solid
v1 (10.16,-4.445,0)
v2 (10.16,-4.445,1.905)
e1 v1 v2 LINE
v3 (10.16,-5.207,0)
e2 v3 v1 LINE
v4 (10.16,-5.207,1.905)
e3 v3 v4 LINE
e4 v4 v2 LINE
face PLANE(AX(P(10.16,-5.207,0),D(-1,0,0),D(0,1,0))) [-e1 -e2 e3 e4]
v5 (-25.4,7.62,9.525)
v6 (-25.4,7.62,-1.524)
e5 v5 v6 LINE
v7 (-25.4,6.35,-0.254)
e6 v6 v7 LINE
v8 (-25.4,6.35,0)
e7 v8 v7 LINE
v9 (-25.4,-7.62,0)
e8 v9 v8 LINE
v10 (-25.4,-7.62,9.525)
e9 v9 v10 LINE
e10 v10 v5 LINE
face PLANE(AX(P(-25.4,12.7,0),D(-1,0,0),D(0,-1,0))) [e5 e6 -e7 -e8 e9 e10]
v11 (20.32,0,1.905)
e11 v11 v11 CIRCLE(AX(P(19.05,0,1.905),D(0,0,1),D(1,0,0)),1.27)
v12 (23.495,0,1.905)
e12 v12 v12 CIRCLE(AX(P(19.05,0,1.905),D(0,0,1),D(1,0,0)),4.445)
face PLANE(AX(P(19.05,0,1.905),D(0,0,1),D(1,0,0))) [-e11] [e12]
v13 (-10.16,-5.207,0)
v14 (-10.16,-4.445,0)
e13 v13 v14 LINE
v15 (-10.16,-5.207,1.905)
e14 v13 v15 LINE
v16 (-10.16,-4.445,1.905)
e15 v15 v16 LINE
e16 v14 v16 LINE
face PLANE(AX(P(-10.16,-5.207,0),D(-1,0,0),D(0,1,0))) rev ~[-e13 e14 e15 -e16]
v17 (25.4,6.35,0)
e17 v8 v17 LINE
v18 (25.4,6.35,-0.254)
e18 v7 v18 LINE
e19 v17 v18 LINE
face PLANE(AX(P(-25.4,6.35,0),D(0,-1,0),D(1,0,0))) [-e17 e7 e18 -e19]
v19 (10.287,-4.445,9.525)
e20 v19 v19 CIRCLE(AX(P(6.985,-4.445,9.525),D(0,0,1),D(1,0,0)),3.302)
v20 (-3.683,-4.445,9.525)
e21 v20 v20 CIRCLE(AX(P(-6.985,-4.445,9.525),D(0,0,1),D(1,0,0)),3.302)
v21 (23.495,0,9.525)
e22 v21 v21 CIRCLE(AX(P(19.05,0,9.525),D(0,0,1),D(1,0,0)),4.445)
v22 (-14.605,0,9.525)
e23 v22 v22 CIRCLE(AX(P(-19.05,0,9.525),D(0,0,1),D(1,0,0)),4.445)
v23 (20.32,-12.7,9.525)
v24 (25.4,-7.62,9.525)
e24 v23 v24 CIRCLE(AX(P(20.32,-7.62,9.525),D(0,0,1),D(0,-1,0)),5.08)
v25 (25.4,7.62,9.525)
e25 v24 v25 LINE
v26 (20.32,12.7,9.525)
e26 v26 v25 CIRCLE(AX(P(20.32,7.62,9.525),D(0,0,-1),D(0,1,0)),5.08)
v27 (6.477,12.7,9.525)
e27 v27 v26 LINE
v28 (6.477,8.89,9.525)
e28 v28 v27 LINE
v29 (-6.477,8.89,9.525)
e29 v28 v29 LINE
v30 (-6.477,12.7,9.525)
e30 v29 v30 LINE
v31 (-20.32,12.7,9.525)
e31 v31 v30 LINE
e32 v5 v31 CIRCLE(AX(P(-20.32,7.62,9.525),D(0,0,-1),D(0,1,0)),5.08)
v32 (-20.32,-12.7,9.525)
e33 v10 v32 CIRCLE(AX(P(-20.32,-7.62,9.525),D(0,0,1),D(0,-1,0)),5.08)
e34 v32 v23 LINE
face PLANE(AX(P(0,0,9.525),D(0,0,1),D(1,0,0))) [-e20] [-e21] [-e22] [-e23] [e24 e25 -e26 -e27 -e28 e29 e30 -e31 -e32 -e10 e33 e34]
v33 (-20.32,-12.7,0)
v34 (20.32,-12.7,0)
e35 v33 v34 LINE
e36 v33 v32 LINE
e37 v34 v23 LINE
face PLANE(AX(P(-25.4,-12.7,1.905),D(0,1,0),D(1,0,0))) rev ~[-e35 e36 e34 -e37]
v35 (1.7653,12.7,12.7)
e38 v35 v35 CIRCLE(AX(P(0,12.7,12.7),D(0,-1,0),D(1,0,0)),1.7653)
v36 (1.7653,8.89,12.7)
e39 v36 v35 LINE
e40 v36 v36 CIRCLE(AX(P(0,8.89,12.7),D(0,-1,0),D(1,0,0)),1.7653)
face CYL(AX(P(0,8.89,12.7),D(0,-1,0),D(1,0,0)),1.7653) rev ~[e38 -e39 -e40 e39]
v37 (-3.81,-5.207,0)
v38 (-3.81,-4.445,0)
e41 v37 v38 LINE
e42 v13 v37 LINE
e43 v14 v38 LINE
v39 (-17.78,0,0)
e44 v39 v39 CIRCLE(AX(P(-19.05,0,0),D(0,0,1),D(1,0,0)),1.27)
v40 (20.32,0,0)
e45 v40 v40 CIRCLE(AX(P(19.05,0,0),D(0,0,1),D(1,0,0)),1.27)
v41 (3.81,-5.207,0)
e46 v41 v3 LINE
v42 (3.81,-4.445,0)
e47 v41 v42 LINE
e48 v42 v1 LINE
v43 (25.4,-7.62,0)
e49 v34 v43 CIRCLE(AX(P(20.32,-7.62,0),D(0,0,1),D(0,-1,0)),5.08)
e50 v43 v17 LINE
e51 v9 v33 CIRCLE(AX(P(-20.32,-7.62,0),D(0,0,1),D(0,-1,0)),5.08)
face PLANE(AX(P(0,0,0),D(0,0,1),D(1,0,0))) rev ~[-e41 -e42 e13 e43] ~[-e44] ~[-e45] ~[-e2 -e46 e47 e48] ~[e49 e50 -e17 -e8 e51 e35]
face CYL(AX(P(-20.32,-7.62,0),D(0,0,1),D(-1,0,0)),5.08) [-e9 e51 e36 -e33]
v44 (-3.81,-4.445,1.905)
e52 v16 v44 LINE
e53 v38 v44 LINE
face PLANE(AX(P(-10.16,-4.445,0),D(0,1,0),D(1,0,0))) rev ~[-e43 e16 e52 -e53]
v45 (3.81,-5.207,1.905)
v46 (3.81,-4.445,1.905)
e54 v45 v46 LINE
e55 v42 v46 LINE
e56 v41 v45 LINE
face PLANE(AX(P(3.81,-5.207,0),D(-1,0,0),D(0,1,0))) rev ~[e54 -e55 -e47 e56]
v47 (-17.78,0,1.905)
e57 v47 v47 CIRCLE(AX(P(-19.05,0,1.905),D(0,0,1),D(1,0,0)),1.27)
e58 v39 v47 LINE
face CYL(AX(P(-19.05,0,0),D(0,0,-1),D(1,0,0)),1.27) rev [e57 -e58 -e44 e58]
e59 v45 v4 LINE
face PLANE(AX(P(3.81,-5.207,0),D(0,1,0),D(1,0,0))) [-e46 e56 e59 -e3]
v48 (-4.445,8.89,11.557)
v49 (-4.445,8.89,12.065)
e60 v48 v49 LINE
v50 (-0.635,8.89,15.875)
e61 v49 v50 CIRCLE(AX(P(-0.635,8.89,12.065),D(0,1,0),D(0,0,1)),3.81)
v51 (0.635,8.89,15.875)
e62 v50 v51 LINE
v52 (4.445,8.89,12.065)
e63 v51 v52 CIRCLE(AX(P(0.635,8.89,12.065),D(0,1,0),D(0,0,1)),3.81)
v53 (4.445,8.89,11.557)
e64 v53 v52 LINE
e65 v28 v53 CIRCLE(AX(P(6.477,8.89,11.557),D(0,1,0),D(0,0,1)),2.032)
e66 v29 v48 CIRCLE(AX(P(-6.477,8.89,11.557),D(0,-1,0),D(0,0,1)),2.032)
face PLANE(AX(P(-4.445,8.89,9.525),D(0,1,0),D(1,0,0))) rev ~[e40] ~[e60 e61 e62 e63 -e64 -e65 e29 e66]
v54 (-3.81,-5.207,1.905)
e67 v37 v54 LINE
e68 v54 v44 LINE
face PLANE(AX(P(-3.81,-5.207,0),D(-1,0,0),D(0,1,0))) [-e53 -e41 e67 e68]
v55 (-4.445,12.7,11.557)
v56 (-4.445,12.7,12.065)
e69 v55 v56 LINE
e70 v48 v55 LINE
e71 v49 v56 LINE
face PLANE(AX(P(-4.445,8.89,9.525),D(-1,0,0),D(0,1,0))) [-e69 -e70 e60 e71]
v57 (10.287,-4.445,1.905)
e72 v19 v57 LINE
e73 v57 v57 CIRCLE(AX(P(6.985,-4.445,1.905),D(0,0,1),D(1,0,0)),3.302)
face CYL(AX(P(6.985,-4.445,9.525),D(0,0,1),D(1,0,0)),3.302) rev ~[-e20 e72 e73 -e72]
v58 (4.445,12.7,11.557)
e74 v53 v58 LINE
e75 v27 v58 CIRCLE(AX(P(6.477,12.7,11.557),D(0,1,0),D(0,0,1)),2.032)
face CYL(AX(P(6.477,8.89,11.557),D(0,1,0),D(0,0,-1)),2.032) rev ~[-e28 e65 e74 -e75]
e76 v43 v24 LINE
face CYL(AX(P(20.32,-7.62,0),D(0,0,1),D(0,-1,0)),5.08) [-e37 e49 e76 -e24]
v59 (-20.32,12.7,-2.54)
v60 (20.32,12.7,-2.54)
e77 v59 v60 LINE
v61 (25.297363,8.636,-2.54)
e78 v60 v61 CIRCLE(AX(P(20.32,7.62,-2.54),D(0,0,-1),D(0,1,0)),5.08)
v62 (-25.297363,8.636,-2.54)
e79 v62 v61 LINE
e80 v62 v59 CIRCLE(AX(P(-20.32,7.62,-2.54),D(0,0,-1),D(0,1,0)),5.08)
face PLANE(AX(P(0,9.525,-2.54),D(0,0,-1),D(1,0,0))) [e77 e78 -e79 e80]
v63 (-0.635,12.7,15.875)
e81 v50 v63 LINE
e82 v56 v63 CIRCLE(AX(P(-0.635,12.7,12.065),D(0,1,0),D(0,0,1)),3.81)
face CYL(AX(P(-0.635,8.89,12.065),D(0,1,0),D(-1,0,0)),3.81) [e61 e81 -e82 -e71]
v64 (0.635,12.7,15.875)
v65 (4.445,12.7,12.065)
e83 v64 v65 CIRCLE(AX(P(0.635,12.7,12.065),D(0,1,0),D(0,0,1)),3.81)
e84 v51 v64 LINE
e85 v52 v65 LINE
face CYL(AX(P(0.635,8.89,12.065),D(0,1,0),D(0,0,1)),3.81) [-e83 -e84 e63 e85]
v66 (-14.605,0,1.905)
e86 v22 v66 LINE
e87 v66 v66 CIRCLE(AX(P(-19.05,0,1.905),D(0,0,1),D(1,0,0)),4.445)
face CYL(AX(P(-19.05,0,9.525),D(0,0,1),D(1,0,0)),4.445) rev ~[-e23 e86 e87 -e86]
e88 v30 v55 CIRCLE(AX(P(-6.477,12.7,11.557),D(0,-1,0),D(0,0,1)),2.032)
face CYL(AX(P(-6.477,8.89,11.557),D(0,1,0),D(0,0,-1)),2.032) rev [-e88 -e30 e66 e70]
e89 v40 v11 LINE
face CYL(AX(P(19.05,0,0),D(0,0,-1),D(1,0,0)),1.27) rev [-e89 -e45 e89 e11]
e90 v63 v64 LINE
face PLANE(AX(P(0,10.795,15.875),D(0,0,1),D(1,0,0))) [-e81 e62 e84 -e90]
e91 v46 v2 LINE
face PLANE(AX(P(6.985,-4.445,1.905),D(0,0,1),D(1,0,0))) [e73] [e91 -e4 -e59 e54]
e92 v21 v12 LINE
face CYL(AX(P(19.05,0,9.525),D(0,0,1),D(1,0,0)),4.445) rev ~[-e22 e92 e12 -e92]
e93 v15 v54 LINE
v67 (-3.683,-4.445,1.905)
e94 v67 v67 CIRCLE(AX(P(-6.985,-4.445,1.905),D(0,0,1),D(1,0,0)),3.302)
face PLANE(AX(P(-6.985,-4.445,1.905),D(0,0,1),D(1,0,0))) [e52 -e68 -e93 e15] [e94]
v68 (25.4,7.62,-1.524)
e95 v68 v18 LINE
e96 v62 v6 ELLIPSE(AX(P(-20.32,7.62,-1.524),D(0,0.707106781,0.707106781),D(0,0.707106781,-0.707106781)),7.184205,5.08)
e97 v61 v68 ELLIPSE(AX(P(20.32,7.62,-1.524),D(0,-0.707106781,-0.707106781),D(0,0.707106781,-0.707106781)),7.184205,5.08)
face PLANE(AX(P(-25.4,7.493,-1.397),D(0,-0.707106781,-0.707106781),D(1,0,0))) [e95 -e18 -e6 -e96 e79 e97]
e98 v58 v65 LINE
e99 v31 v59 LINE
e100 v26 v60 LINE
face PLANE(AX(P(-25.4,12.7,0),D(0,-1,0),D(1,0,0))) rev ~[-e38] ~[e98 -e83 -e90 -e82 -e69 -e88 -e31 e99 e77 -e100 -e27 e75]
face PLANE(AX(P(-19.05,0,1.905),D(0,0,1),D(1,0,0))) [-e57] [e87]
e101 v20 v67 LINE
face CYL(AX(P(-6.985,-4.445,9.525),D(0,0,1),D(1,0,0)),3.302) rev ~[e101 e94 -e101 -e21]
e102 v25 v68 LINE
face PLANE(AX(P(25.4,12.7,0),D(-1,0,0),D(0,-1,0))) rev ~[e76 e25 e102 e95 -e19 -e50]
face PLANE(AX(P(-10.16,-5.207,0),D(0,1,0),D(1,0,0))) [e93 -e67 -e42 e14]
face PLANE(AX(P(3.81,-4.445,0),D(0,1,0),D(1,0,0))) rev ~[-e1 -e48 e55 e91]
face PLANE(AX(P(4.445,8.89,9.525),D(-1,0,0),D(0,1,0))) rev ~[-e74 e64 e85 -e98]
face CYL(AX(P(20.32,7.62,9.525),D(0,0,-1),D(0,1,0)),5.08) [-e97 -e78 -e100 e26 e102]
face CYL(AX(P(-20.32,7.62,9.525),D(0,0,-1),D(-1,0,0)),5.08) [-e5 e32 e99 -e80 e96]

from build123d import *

# Parameters (mm, degrees)
SKETCH_W        = 50.8
SKETCH_H        = 25.4
SKETCH_R        = 1.27
SKETCH_W_2      = 6.35
SKETCH_H_2      = 0.762
PAD_DEPTH       = 1.905
SKETCH001_W     = 50.8
SKETCH001_H     = 25.4
PAD001_DEPTH    = 7.62
SKETCH002_R     = 3.302
SKETCH002_R_2   = 4.445
POCKET_DEPTH    = 7.62
SKETCH003_W     = 50.8
SKETCH003_H     = 6.35
PAD002_DEPTH    = 2.54
SKETCH004_W     = 8.89
SKETCH004_H     = 3.81
PAD003_DEPTH    = 6.35
SKETCH005_R     = 1.7653
POCKET001_DEPTH = 5.08
FILLET_R        = 5.08
FILLET001_R     = 2.032
FILLET002_R     = 3.81
CHAMFER_SIZE    = 2.286


with BuildPart() as part:
    # Sketch → Pad (new body)
    with BuildSketch(Plane.XY):
        Rectangle(SKETCH_W, SKETCH_H)
        with Locations((-19.05, 0)):
            Circle(SKETCH_R, mode=Mode.SUBTRACT)
        with Locations((19.05, 0)):
            Circle(SKETCH_R, mode=Mode.SUBTRACT)
        with Locations((6.985, -4.826)):
            Rectangle(SKETCH_W_2, SKETCH_H_2, mode=Mode.SUBTRACT)
        with Locations((-6.985, -4.826)):
            Rectangle(SKETCH_W_2, SKETCH_H_2, mode=Mode.SUBTRACT)
    extrude(amount=PAD_DEPTH)

    # Sketch001 (on Face16 of Pad) → Pad001 (join)
    with BuildSketch(Plane.XY.offset(1.905)):
        Rectangle(SKETCH001_W, SKETCH001_H)
    extrude(amount=PAD001_DEPTH)

    # Sketch002 (on Face17 of Pad001) → Pocket (cut)
    with BuildSketch(Plane.XY.offset(9.525)):
        with Locations((-6.985, -4.445)):
            Circle(SKETCH002_R)
        with Locations((6.985, -4.445)):
            Circle(SKETCH002_R)
        with Locations((19.05, 0)):
            Circle(SKETCH002_R_2)
        with Locations((-19.05, 0)):
            Circle(SKETCH002_R_2)
    extrude(amount=-POCKET_DEPTH, mode=Mode.SUBTRACT)

    # Sketch003 (on Face1 of Pocket) → Pad002 (join)
    with BuildSketch(Plane(origin=(0, 0, 0), x_dir=(1, 0, 0), z_dir=(0, 0, -1))):
        with Locations((0, -9.525)):
            Rectangle(SKETCH003_W, SKETCH003_H)
    extrude(amount=PAD002_DEPTH)

    # Sketch004 (on Face15 of Pad002) → Pad003 (join)
    with BuildSketch(Plane.XY.offset(9.525)):
        with Locations((0, 10.795)):
            Rectangle(SKETCH004_W, SKETCH004_H)
    extrude(amount=PAD003_DEPTH)

    # Sketch005 (on Face23 of Pad003) → Pocket001 (cut)
    with BuildSketch(Plane.XZ.offset(-8.89)):
        with Locations((0, 12.7)):
            Circle(SKETCH005_R)
    extrude(amount=-POCKET001_DEPTH, mode=Mode.SUBTRACT)

    # Fillet
    fillet_edges = [part.edges().sort_by_distance(p)[0] for p in [
        (25.4, 12.7, 3.4925),
        (-25.4, 12.7, 3.4925),
        (25.4, -12.7, 4.7625),
        (-25.4, -12.7, 4.7625),
    ]]
    fillet(fillet_edges, radius=FILLET_R)

    # Fillet001
    fillet001_edges = [part.edges().sort_by_distance(p)[0] for p in [
        (4.445, 10.795, 9.525),
        (-4.445, 10.795, 9.525),
    ]]
    fillet(fillet001_edges, radius=FILLET001_R)

    # Fillet002
    fillet002_edges = [part.edges().sort_by_distance(p)[0] for p in [
        (-4.445, 10.795, 15.875),
        (4.445, 10.795, 15.875),
    ]]
    fillet(fillet002_edges, radius=FILLET002_R)

    # Chamfer
    chamfer_edges = [part.edges().sort_by_distance(p)[0] for p in [
        (0, 6.35, -2.54),
    ]]
    chamfer(chamfer_edges, length=CHAMFER_SIZE)


solid = part.part
